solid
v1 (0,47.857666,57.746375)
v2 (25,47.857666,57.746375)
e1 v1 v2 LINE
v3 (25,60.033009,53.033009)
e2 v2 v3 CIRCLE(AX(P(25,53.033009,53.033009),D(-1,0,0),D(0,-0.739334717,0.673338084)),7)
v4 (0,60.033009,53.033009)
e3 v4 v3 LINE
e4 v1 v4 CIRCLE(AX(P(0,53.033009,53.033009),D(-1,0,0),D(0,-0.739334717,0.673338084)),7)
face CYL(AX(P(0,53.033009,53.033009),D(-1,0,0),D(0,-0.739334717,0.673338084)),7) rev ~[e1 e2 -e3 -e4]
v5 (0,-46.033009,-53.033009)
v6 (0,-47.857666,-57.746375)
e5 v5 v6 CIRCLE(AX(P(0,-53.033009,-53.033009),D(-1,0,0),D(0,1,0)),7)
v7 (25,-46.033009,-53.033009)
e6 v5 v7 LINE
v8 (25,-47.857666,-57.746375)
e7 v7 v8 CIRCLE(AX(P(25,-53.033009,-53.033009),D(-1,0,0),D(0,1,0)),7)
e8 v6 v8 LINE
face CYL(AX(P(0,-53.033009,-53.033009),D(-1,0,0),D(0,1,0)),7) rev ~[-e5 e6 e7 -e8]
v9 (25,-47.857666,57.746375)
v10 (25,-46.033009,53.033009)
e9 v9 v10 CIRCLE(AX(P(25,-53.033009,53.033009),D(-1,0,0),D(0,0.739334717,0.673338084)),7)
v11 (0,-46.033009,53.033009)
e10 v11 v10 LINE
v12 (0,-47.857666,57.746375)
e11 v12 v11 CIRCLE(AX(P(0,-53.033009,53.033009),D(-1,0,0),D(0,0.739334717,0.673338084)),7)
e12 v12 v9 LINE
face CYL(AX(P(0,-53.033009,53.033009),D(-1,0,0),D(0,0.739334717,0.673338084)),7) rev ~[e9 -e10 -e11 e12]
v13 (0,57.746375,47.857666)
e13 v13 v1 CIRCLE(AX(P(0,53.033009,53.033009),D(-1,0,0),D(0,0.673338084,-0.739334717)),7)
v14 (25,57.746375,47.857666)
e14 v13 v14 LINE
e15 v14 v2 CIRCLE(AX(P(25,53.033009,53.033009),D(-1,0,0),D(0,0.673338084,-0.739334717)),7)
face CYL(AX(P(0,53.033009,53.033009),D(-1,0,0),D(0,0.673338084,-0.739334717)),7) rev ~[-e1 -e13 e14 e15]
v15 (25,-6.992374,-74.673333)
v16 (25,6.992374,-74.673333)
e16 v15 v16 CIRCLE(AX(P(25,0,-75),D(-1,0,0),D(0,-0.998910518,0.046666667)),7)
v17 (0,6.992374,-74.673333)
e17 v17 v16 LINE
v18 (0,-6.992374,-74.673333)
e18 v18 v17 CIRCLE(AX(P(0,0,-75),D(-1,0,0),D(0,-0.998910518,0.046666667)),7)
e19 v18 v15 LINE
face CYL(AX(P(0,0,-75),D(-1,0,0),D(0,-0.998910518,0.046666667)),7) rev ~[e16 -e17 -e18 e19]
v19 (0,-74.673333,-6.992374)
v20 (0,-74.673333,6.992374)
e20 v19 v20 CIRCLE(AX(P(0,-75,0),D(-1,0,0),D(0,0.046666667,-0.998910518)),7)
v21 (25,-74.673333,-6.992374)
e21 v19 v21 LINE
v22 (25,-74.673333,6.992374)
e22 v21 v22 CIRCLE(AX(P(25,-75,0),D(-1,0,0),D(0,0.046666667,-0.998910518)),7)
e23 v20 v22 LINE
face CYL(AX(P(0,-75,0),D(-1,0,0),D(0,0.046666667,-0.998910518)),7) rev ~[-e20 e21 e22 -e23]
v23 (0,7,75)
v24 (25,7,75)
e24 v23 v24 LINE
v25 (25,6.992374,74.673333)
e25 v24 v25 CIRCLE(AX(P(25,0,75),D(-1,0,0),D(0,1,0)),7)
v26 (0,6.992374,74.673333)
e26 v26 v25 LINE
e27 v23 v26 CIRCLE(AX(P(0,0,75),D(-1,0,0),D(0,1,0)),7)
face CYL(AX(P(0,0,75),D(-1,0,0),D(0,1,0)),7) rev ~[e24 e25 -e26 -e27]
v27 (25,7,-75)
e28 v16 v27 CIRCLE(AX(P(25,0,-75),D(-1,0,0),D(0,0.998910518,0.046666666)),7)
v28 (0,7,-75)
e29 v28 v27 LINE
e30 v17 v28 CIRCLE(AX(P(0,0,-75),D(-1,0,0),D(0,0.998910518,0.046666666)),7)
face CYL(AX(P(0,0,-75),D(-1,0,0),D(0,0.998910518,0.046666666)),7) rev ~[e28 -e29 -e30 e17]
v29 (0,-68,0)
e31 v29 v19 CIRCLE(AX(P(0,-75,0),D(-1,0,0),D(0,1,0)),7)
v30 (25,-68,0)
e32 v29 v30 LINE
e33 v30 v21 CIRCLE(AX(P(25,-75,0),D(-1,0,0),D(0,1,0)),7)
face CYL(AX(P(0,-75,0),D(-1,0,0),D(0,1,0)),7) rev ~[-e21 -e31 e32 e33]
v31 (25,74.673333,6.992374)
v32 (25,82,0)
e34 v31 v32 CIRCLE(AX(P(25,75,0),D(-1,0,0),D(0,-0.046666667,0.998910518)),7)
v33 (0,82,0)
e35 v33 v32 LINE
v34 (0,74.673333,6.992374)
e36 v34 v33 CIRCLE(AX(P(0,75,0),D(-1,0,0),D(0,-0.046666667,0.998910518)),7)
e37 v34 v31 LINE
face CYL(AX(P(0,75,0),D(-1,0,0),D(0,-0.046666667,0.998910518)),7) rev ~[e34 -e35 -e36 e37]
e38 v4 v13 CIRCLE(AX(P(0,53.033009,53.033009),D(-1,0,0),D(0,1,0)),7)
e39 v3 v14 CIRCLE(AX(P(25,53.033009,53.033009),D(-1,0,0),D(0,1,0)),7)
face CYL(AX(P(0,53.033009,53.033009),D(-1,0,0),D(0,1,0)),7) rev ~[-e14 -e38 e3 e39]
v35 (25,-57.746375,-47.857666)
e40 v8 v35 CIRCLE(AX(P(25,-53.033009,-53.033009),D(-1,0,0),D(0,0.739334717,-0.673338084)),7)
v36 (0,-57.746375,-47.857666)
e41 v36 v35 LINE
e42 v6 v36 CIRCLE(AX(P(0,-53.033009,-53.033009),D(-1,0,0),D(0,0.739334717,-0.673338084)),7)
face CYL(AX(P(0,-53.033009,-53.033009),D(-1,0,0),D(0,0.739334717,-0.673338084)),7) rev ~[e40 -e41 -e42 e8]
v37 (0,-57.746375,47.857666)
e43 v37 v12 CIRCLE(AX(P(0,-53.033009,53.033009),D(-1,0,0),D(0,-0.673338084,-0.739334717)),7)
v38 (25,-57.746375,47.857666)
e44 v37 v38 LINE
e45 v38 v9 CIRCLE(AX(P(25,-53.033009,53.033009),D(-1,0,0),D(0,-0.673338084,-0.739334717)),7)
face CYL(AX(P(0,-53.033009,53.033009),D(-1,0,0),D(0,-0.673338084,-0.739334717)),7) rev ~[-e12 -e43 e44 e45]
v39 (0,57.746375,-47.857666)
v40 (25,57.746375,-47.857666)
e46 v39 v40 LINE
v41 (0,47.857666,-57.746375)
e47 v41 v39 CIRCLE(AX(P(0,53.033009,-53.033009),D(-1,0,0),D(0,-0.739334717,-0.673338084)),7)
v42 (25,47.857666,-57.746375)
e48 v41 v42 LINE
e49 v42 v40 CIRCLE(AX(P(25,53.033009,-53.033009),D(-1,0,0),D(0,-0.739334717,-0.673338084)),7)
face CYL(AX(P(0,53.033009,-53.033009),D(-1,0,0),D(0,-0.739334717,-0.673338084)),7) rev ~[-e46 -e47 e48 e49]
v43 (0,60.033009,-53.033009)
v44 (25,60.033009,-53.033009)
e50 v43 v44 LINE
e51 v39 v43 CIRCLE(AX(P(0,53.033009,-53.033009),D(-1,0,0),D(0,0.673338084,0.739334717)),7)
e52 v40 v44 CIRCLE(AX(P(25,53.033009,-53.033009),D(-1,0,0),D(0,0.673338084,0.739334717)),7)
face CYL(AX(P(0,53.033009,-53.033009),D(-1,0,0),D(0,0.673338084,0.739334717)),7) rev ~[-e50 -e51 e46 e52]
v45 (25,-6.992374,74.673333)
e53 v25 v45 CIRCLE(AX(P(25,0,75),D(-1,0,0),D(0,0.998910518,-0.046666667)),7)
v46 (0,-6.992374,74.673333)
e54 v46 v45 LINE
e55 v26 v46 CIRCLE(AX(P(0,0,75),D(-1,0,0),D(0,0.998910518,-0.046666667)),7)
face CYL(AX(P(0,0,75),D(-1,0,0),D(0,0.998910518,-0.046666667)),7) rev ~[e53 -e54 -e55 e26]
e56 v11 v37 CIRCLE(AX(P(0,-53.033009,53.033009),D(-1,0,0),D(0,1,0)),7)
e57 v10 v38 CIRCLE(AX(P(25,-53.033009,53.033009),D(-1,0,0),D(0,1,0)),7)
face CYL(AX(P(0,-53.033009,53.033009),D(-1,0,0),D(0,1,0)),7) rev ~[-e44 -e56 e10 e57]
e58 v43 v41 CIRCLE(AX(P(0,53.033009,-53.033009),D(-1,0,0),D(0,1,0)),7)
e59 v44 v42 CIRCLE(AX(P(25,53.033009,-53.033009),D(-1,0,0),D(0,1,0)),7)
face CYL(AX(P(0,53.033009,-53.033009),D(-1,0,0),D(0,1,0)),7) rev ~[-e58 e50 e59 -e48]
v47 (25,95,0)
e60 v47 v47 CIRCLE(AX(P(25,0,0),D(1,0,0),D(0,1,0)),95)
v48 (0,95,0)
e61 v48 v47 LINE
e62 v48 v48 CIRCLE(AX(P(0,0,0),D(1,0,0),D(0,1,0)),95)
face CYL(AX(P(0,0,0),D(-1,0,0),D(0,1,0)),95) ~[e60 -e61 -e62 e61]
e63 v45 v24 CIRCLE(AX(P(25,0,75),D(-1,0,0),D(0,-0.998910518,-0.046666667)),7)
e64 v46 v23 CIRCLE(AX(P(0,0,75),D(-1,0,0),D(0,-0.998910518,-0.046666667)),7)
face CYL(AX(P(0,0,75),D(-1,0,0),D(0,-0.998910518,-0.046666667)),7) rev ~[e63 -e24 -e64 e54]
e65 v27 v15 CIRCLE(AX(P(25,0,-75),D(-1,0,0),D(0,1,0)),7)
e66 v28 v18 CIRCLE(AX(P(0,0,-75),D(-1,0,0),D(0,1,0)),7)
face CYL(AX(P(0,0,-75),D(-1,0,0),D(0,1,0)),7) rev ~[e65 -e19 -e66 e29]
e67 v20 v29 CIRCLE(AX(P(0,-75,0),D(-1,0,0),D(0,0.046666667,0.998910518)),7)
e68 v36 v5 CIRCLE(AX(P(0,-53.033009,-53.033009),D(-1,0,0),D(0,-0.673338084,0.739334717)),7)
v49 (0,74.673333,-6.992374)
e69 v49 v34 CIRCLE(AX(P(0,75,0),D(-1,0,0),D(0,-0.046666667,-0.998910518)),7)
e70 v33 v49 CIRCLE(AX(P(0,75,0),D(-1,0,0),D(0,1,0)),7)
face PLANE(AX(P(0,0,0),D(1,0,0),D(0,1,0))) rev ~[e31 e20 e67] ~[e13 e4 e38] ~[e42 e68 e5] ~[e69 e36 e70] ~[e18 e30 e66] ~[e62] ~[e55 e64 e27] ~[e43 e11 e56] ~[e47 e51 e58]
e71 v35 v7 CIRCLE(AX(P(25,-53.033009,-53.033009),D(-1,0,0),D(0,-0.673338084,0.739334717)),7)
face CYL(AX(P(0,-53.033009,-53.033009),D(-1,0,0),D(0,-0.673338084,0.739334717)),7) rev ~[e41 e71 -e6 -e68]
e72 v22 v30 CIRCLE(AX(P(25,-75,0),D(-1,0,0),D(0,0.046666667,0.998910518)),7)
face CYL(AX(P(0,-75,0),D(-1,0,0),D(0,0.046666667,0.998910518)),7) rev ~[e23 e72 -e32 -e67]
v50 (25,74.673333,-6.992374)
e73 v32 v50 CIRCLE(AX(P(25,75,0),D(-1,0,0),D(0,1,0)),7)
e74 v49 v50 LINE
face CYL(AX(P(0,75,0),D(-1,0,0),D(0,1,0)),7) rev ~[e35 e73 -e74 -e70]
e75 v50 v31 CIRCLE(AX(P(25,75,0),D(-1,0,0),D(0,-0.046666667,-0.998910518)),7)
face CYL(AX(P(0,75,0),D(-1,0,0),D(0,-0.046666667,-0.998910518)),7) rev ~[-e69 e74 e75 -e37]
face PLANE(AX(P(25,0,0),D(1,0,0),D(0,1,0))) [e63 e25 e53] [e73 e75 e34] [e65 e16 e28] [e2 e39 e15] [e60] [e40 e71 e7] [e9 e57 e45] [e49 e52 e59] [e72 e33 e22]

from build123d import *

# Parameters (mm, degrees)
F0_R     = 95
F1_DEPTH = 25


with BuildPart() as f1:
    # F0 (on Right) → F1 (new body)
    with BuildSketch(Plane.YZ):
        Circle(F0_R)
        with BuildLine():
            ThreePointArc((57.7463751795, 47.8576655681), (69.2909649383, 28.7012574274), (74.6733333333, 6.9923736234))
            ThreePointArc((74.6733333333, 6.9923736234), (79.8328735413, 5.0639246966), (82, 0))
            ThreePointArc((82, 0), (79.8328735413, -5.0639246966), (74.6733333333, -6.9923736234))
            ThreePointArc((74.6733333333, -6.9923736234), (69.2909649383, -28.7012574274), (57.7463751795, -47.8576655681))
            ThreePointArc((57.7463751795, -47.8576655681), (59.4358816212, -50.2040128426), (60.033008589, -53.033008589))
            ThreePointArc((60.033008589, -53.033008589), (55.5601214529, -59.5609256054), (47.8576655681, -57.7463751795))
            ThreePointArc((47.8576655681, -57.7463751795), (28.7012574274, -69.2909649383), (6.9923736234, -74.6733333333))
            ThreePointArc((6.9923736234, -74.6733333333), (6.9980931461, -74.8366221613), (7, -75))
            ThreePointArc((7, -75), (-0.1633778387, -81.9980931461), (-6.9923736234, -74.6733333333))
            ThreePointArc((-6.9923736234, -74.6733333333), (-28.7012574274, -69.2909649383), (-47.8576655681, -57.7463751795))
            ThreePointArc((-47.8576655681, -57.7463751795), (-57.9827560573, -57.9827560573), (-57.7463751795, -47.8576655681))
            ThreePointArc((-57.7463751795, -47.8576655681), (-69.2909649383, -28.7012574274), (-74.6733333333, -6.9923736234))
            ThreePointArc((-74.6733333333, -6.9923736234), (-82, 0), (-74.6733333333, 6.9923736234))
            ThreePointArc((-74.6733333333, 6.9923736234), (-69.2909649383, 28.7012574274), (-57.7463751795, 47.8576655681))
            ThreePointArc((-57.7463751795, 47.8576655681), (-57.9827560573, 57.9827560573), (-47.8576655681, 57.7463751795))
            ThreePointArc((-47.8576655681, 57.7463751795), (-28.7012574274, 69.2909649383), (-6.9923736234, 74.6733333333))
            ThreePointArc((-6.9923736234, 74.6733333333), (-0.1633778387, 81.9980931461), (7, 75))
            ThreePointArc((7, 75), (6.9980931461, 74.8366221613), (6.9923736234, 74.6733333333))
            ThreePointArc((6.9923736234, 74.6733333333), (28.7012574274, 69.2909649383), (47.8576655681, 57.7463751795))
            ThreePointArc((47.8576655681, 57.7463751795), (55.5601214529, 59.5609256054), (60.033008589, 53.033008589))
            ThreePointArc((60.033008589, 53.033008589), (59.4358816212, 50.2040128426), (57.7463751795, 47.8576655681))
        make_face(mode=Mode.SUBTRACT)
        with BuildLine():
            ThreePointArc((74.6733333333, -6.9923736234), (68, 0), (74.6733333333, 6.9923736234))
            ThreePointArc((74.6733333333, 6.9923736234), (69.2909649383, 28.7012574274), (57.7463751795, 47.8576655681))
            ThreePointArc((57.7463751795, 47.8576655681), (48.0832611207, 48.0832611207), (47.8576655681, 57.7463751795))
            ThreePointArc((47.8576655681, 57.7463751795), (28.7012574274, 69.2909649383), (6.9923736234, 74.6733333333))
            ThreePointArc((6.9923736234, 74.6733333333), (0, 68), (-6.9923736234, 74.6733333333))
            ThreePointArc((-6.9923736234, 74.6733333333), (-28.7012574274, 69.2909649383), (-47.8576655681, 57.7463751795))
            ThreePointArc((-47.8576655681, 57.7463751795), (-46.5050915726, 55.5601214529), (-46.033008589, 53.033008589))
            ThreePointArc((-46.033008589, 53.033008589), (-50.2040128426, 46.6301355568), (-57.7463751795, 47.8576655681))
            ThreePointArc((-57.7463751795, 47.8576655681), (-69.2909649383, 28.7012574274), (-74.6733333333, 6.9923736234))
            ThreePointArc((-74.6733333333, 6.9923736234), (-69.9360753034, 4.8328735413), (-68, 0))
            ThreePointArc((-68, 0), (-69.9360753034, -4.8328735413), (-74.6733333333, -6.9923736234))
            ThreePointArc((-74.6733333333, -6.9923736234), (-69.2909649383, -28.7012574274), (-57.7463751795, -47.8576655681))
            ThreePointArc((-57.7463751795, -47.8576655681), (-50.2040128426, -46.6301355568), (-46.033008589, -53.033008589))
            ThreePointArc((-46.033008589, -53.033008589), (-46.5050915726, -55.5601214529), (-47.8576655681, -57.7463751795))
            ThreePointArc((-47.8576655681, -57.7463751795), (-28.7012574274, -69.2909649383), (-6.9923736234, -74.6733333333))
            ThreePointArc((-6.9923736234, -74.6733333333), (0, -68), (6.9923736234, -74.6733333333))
            ThreePointArc((6.9923736234, -74.6733333333), (28.7012574274, -69.2909649383), (47.8576655681, -57.7463751795))
            ThreePointArc((47.8576655681, -57.7463751795), (48.0832611207, -48.0832611207), (57.7463751795, -47.8576655681))
            ThreePointArc((57.7463751795, -47.8576655681), (69.2909649383, -28.7012574274), (74.6733333333, -6.9923736234))
        make_face()
    extrude(amount=F1_DEPTH)


solid = f1.part
